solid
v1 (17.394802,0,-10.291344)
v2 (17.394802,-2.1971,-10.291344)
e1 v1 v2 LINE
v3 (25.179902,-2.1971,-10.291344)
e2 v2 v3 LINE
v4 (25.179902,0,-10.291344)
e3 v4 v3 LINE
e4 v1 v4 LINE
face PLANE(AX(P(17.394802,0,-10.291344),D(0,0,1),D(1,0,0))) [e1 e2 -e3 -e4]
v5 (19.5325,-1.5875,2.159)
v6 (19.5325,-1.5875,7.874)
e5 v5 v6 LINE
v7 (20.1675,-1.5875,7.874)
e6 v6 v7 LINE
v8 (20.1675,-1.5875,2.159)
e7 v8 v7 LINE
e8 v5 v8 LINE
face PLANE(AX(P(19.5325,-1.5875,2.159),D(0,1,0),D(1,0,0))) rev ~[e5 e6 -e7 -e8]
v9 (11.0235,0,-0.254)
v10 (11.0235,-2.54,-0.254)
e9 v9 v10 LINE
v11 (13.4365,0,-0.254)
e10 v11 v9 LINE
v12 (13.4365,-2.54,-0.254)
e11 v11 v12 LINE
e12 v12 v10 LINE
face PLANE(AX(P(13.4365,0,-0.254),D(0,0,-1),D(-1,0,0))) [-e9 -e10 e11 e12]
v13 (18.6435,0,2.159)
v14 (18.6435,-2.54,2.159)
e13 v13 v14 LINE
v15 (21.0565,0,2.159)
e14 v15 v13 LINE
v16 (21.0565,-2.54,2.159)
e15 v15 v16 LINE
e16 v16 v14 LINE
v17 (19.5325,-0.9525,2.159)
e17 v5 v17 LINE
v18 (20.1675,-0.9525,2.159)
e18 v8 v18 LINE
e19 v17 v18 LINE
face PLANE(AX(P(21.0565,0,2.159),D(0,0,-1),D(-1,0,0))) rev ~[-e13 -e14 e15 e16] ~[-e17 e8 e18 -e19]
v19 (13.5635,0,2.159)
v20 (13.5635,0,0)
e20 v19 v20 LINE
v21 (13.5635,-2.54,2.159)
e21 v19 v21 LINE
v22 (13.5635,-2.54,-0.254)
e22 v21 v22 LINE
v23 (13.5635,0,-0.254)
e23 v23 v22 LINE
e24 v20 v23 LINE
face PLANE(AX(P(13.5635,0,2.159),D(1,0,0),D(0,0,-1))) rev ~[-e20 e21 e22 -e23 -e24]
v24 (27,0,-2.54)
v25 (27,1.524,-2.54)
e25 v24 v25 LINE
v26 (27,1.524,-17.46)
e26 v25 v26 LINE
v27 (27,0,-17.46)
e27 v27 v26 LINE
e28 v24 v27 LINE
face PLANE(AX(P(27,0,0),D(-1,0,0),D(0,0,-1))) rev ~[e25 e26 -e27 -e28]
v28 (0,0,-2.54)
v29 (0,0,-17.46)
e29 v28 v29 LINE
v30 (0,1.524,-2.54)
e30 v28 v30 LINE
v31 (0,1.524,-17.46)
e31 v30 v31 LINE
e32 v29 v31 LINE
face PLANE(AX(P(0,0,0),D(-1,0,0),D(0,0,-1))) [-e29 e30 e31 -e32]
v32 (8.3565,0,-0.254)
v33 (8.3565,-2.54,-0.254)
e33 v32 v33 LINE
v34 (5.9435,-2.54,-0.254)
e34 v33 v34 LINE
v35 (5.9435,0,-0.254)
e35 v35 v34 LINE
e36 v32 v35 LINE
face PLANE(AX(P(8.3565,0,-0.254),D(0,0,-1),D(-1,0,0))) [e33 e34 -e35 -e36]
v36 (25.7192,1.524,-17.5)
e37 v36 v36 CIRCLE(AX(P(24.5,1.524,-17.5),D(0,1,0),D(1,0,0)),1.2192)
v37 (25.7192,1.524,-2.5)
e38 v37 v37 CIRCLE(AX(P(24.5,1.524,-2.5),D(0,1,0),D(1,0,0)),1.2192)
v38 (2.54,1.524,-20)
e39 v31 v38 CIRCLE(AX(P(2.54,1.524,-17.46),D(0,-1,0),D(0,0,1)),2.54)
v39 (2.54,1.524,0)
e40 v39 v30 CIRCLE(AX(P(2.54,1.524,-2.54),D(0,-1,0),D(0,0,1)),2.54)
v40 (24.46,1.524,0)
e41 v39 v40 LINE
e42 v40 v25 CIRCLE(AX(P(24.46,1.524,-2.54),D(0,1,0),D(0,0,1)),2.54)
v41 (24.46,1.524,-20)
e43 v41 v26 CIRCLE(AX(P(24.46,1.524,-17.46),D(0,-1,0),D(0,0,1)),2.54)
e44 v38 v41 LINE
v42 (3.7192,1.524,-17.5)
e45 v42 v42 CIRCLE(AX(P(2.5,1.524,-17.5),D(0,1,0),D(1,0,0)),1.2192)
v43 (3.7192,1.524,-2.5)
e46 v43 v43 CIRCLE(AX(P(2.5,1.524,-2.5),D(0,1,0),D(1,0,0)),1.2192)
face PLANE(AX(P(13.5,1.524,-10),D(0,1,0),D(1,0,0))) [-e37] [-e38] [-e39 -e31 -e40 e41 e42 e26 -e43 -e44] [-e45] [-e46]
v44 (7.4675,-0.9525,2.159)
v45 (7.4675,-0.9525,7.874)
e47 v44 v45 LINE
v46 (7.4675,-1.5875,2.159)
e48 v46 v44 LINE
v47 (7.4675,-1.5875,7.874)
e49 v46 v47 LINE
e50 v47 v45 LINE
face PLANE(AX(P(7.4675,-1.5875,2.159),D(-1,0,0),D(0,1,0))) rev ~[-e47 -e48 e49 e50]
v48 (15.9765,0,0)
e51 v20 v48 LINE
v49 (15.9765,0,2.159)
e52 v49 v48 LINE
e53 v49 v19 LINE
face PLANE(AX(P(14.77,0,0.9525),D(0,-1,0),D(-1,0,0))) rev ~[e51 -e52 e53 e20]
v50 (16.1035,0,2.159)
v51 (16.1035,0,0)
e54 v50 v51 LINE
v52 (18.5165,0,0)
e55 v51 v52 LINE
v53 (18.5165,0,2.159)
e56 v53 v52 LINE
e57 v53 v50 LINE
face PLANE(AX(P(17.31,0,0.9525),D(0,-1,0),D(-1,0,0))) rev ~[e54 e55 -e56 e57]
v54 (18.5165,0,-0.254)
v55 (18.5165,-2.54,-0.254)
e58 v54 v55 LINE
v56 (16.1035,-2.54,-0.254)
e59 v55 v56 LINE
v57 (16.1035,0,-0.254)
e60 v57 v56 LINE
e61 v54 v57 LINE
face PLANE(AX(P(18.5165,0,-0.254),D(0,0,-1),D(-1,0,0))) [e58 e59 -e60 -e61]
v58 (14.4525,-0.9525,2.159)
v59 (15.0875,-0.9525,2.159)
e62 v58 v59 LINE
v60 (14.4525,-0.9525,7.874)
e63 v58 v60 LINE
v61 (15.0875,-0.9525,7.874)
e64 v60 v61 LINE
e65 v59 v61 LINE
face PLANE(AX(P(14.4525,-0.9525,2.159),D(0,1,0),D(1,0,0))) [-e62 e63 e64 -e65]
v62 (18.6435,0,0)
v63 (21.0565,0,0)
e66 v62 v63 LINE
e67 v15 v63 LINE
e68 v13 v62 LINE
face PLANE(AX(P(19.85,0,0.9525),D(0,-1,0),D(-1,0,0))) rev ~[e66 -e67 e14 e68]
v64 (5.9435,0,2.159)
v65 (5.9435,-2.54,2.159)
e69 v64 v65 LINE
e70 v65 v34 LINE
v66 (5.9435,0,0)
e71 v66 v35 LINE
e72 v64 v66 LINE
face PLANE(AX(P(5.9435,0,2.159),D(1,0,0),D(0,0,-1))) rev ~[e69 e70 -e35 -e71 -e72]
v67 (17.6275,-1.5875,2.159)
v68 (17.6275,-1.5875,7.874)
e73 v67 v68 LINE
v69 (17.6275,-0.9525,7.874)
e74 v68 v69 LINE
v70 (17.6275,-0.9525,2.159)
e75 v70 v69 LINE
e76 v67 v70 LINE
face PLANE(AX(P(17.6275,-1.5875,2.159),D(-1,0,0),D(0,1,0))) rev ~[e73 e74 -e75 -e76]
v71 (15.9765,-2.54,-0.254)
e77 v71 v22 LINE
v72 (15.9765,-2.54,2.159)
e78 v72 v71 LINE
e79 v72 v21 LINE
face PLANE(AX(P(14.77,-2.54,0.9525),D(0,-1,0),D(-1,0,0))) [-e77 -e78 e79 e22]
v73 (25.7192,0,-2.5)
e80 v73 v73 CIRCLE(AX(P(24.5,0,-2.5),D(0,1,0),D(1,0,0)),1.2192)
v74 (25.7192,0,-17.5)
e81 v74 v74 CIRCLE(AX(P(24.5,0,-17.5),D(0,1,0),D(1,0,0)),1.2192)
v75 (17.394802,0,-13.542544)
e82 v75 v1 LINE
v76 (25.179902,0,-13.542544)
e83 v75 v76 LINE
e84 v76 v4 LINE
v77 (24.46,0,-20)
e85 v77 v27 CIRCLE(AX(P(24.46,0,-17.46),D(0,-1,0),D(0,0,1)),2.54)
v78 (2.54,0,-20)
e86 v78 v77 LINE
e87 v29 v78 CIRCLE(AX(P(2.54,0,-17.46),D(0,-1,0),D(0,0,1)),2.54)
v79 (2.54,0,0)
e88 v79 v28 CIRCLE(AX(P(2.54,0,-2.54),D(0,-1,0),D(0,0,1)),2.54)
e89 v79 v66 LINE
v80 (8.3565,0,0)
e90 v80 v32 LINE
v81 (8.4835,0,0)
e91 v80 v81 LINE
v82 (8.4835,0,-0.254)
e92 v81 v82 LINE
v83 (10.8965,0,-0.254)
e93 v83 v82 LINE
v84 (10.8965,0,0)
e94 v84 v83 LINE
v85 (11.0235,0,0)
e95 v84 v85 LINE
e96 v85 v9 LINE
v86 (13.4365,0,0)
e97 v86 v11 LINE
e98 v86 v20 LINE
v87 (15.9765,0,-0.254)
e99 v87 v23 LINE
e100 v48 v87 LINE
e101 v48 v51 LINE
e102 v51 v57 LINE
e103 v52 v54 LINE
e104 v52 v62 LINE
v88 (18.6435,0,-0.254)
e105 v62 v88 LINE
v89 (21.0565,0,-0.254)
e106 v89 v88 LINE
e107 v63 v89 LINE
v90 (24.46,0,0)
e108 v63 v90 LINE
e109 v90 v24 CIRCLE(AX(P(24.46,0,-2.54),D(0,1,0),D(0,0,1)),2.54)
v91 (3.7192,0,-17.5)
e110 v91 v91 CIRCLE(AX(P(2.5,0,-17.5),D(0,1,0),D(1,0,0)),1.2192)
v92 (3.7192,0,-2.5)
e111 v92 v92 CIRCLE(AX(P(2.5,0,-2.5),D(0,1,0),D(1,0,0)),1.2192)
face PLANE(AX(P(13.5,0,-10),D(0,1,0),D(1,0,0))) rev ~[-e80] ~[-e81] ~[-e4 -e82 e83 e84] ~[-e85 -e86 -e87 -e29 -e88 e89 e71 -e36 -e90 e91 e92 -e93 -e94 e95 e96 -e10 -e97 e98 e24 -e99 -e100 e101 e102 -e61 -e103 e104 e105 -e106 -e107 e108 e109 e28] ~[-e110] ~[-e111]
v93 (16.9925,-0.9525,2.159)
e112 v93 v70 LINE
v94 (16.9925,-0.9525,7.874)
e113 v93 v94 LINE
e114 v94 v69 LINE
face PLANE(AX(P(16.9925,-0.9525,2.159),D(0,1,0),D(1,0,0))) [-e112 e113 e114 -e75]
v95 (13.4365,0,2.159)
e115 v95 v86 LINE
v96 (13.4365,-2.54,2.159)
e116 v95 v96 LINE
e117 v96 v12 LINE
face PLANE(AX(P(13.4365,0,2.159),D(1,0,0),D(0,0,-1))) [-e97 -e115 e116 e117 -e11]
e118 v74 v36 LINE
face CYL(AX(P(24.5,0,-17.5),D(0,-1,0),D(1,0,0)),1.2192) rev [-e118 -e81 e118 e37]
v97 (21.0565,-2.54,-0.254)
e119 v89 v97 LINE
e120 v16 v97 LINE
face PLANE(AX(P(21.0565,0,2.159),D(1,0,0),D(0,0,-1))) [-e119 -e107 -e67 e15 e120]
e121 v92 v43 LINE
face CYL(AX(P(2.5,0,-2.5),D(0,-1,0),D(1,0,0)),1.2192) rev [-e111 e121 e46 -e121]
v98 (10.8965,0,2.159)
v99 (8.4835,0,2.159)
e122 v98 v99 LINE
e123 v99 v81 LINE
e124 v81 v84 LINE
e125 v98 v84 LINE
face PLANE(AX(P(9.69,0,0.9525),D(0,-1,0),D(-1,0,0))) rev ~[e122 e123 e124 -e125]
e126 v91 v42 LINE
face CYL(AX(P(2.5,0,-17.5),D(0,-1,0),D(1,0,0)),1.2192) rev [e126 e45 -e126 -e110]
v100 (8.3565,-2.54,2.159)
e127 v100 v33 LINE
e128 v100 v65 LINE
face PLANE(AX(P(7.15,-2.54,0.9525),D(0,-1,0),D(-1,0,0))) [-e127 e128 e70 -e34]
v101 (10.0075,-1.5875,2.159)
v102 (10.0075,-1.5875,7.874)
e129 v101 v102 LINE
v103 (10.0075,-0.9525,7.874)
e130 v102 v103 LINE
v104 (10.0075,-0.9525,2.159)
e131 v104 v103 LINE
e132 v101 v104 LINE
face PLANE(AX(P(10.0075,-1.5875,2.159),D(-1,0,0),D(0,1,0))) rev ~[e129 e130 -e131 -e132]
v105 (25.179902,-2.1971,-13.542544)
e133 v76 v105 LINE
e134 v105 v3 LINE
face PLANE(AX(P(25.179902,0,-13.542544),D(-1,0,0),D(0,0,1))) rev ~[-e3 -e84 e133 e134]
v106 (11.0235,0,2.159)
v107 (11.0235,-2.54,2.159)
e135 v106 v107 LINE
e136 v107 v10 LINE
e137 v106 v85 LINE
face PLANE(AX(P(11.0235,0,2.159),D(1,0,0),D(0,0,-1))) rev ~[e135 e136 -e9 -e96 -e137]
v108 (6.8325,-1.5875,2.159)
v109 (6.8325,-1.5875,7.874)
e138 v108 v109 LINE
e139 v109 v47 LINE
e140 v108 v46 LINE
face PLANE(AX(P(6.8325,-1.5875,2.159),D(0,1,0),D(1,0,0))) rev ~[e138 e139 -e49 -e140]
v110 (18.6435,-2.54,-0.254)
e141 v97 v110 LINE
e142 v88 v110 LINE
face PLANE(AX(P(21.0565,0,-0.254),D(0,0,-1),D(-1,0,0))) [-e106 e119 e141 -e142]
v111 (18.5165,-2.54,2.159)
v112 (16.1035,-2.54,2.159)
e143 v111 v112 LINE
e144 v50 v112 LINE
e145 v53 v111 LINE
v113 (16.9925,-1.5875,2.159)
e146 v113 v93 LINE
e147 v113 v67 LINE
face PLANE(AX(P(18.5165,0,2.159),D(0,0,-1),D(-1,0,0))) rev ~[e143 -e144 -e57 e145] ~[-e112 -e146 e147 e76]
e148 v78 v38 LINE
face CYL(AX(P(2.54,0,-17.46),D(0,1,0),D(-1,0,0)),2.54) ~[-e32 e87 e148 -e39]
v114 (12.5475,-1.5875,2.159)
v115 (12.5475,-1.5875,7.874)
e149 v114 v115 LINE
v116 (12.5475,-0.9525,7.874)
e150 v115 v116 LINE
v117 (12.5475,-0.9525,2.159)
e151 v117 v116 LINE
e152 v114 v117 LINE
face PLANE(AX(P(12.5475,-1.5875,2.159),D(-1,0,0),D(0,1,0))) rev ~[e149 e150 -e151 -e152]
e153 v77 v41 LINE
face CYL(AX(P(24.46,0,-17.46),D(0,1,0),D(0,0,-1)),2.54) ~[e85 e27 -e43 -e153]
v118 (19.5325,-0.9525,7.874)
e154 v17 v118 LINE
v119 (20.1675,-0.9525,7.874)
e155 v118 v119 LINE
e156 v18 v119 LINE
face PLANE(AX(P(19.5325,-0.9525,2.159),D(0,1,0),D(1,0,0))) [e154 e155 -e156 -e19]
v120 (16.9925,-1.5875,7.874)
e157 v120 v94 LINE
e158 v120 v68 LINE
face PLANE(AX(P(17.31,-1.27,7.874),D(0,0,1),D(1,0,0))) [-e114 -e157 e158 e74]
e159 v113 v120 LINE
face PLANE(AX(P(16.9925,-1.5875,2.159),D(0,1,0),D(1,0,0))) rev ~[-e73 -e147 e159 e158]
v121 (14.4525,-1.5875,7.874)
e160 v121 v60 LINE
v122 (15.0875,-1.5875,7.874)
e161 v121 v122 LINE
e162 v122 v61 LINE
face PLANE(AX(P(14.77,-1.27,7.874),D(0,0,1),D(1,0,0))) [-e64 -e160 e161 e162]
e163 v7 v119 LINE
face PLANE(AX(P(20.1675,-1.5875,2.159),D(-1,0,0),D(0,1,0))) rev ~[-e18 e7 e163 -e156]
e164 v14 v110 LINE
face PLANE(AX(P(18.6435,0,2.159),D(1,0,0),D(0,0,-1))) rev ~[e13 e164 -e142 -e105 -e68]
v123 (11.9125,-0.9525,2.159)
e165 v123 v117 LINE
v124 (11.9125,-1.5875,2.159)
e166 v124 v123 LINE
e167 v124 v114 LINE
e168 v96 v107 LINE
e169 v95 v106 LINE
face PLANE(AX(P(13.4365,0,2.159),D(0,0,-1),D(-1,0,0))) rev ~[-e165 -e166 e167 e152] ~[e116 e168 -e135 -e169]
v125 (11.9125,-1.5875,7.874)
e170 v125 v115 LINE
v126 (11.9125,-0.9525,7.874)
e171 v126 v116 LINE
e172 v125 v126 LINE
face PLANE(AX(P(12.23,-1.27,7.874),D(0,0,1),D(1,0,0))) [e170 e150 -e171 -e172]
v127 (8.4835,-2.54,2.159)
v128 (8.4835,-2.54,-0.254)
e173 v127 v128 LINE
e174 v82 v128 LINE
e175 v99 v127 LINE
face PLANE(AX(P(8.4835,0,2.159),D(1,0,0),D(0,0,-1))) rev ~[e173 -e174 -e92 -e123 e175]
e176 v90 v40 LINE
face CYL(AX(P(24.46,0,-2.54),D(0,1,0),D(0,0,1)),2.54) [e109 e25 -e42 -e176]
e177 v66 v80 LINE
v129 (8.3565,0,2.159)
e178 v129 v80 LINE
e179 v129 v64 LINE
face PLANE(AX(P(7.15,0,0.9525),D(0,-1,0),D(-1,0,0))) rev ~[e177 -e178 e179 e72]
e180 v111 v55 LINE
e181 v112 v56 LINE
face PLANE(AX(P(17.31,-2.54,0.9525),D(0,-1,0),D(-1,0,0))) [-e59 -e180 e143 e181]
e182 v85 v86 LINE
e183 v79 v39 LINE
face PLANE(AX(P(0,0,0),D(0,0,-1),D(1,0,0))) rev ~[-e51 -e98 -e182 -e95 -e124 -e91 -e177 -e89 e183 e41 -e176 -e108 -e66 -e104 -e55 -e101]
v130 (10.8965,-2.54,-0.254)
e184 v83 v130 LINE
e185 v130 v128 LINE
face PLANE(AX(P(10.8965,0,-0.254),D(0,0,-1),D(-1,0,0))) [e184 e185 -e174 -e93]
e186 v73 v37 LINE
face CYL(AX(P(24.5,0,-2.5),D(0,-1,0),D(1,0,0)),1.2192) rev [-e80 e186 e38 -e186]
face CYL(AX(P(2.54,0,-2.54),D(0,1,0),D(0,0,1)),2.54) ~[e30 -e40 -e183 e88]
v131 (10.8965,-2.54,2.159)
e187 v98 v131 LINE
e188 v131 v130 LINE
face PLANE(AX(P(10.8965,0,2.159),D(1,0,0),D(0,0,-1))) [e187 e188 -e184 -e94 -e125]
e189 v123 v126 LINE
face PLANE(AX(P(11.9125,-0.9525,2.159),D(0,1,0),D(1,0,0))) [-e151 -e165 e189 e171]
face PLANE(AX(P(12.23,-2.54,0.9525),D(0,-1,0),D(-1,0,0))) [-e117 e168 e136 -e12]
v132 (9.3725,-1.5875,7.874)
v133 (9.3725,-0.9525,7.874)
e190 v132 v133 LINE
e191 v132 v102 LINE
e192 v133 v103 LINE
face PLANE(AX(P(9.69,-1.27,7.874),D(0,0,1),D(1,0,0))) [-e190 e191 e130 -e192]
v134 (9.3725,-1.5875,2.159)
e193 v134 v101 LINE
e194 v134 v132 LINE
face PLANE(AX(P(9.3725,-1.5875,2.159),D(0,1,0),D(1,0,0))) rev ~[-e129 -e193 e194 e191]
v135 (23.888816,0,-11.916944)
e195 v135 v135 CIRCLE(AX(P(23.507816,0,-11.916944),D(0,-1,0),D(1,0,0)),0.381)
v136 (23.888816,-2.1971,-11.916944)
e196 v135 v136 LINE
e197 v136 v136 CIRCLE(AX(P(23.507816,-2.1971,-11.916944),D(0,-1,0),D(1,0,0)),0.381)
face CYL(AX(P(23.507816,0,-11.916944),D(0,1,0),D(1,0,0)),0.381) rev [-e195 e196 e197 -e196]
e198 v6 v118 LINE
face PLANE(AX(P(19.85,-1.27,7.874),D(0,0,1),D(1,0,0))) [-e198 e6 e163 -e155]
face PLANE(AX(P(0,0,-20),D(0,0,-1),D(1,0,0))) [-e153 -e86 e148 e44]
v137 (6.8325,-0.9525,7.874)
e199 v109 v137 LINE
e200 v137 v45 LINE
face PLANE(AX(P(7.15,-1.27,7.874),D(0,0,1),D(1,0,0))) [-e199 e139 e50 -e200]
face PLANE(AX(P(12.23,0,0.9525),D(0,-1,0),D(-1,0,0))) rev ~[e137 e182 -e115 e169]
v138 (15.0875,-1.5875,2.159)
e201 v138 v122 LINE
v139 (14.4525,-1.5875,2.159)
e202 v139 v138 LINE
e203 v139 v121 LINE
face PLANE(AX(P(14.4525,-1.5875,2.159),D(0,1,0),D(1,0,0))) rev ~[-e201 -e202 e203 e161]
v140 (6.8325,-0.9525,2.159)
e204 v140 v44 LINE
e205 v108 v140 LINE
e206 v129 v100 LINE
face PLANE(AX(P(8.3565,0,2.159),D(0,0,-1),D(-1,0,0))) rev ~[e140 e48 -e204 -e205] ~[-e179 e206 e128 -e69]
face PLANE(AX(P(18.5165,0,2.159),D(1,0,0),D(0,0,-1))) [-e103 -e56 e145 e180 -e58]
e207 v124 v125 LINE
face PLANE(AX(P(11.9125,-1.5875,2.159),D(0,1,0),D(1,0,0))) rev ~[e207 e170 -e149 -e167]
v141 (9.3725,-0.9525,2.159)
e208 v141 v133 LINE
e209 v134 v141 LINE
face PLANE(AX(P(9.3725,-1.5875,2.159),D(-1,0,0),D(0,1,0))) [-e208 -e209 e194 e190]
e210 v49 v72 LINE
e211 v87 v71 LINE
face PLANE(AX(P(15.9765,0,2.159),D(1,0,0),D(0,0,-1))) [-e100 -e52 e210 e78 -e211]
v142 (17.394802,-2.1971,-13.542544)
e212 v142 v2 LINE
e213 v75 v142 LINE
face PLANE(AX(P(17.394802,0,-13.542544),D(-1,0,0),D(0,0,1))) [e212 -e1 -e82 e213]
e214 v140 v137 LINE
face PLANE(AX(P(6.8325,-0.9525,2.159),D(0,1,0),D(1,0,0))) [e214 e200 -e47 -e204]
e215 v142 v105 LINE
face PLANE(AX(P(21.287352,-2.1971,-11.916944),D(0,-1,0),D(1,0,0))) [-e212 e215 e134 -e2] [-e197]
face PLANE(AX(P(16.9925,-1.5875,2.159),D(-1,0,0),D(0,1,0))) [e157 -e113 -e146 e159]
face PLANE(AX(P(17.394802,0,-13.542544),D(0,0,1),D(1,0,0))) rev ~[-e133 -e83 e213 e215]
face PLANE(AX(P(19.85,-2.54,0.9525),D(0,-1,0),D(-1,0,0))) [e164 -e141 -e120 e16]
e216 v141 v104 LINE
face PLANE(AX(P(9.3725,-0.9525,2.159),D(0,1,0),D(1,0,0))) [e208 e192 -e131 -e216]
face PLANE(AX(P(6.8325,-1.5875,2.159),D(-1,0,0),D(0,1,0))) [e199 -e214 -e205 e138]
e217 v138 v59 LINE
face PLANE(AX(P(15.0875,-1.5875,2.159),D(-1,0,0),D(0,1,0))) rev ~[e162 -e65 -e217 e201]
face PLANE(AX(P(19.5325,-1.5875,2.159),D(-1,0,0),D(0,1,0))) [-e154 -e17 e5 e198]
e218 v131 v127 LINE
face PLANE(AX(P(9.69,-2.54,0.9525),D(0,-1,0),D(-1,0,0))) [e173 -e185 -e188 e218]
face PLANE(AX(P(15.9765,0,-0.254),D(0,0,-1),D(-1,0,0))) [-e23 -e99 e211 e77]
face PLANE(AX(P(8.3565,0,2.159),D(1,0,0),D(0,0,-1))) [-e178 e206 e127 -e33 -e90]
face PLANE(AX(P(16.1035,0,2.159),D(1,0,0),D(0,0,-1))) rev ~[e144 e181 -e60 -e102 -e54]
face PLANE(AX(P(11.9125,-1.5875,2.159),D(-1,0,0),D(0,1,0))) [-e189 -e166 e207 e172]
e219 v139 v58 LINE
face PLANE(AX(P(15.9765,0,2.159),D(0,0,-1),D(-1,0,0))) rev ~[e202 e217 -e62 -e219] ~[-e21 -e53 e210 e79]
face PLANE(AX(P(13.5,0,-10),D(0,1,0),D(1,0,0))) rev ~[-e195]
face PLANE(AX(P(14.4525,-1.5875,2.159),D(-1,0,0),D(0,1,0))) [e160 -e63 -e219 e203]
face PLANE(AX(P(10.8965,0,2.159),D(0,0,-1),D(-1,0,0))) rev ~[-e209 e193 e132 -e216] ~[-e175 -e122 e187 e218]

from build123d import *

# Parameters (mm, degrees)
SKETCH1_W           = 27
SKETCH1_H           = 20
SKETCH1_R           = 1.2192
BOSS_EXTRUDE1_DEPTH = 1.524
SKETCH3_W           = 2.413
SKETCH3_H           = 2.413
BOSS_EXTRUDE2_DEPTH = 2.54
SKETCH4_W           = 0.635
SKETCH4_H           = 0.635
BOSS_EXTRUDE3_DEPTH = 5.715
FILLET1_R           = 2.54
SKETCH5_W           = 7.7851
SKETCH5_H           = 3.2512
SKETCH5_R           = 0.381
BOSS_EXTRUDE4_DEPTH = 2.1971


with BuildPart() as part:
    # Sketch1 → Boss-Extrude1 (new body)
    with BuildSketch(Plane(origin=(0, 0, 0), x_dir=(1, 0, 0), z_dir=(0, 1, 0))):
        with Locations((13.5, 10)):
            Rectangle(SKETCH1_W, SKETCH1_H)
        with Locations((2.5, 17.5)):
            Circle(SKETCH1_R, mode=Mode.SUBTRACT)
        with Locations((24.5, 17.5)):
            Circle(SKETCH1_R, mode=Mode.SUBTRACT)
        with Locations((24.5, 2.5)):
            Circle(SKETCH1_R, mode=Mode.SUBTRACT)
        with Locations((2.5, 2.5)):
            Circle(SKETCH1_R, mode=Mode.SUBTRACT)
    extrude(amount=BOSS_EXTRUDE1_DEPTH)

    # Sketch3 → Boss-Extrude2 (add)
    with BuildSketch(Plane(origin=(0, 0, 0), x_dir=(-1, 0, 0), z_dir=(0, -1, 0))):
        with Locations((-19.85, -0.9525)):
            Rectangle(SKETCH3_W, SKETCH3_H)
        with Locations((-14.77, -0.9525)):
            Rectangle(SKETCH3_W, SKETCH3_H)
        with Locations((-12.23, -0.9525)):
            Rectangle(SKETCH3_W, SKETCH3_H)
        with Locations((-9.69, -0.9525)):
            Rectangle(SKETCH3_W, SKETCH3_H)
        with Locations((-7.15, -0.9525)):
            Rectangle(SKETCH3_W, SKETCH3_H)
        with Locations((-17.31, -0.9525)):
            Rectangle(SKETCH3_W, SKETCH3_H)
    extrude(amount=BOSS_EXTRUDE2_DEPTH)

    # Sketch4 → Boss-Extrude3 (add)
    with BuildSketch(Plane.XY.offset(2.159)):
        with Locations((17.31, -1.27)):
            Rectangle(SKETCH4_W, SKETCH4_H)
        with Locations((7.15, -1.27)):
            Rectangle(SKETCH4_W, SKETCH4_H)
        with Locations((9.69, -1.27)):
            Rectangle(SKETCH4_W, SKETCH4_H)
        with Locations((12.23, -1.27)):
            Rectangle(SKETCH4_W, SKETCH4_H)
        with Locations((14.77, -1.27)):
            Rectangle(SKETCH4_W, SKETCH4_H)
        with Locations((19.85, -1.27)):
            Rectangle(SKETCH4_W, SKETCH4_H)
    extrude(amount=BOSS_EXTRUDE3_DEPTH)

    # Fillet1
    fillet1_edges = [part.edges().sort_by_distance(p)[0] for p in [
        (0, 0.762, -20),
        (27, 0.762, -20),
        (27, 0.762, 0),
        (0, 0.762, 0),
    ]]
    fillet(fillet1_edges, radius=FILLET1_R)

    # Sketch5 → Boss-Extrude4 (add)
    with BuildSketch(Plane.XZ):
        with Locations((21.287352133, -11.916943925)):
            Rectangle(SKETCH5_W, SKETCH5_H)
        with Locations((23.50781589, -11.916943925)):
            Circle(SKETCH5_R, mode=Mode.SUBTRACT)
    extrude(amount=BOSS_EXTRUDE4_DEPTH)


solid = part.part
